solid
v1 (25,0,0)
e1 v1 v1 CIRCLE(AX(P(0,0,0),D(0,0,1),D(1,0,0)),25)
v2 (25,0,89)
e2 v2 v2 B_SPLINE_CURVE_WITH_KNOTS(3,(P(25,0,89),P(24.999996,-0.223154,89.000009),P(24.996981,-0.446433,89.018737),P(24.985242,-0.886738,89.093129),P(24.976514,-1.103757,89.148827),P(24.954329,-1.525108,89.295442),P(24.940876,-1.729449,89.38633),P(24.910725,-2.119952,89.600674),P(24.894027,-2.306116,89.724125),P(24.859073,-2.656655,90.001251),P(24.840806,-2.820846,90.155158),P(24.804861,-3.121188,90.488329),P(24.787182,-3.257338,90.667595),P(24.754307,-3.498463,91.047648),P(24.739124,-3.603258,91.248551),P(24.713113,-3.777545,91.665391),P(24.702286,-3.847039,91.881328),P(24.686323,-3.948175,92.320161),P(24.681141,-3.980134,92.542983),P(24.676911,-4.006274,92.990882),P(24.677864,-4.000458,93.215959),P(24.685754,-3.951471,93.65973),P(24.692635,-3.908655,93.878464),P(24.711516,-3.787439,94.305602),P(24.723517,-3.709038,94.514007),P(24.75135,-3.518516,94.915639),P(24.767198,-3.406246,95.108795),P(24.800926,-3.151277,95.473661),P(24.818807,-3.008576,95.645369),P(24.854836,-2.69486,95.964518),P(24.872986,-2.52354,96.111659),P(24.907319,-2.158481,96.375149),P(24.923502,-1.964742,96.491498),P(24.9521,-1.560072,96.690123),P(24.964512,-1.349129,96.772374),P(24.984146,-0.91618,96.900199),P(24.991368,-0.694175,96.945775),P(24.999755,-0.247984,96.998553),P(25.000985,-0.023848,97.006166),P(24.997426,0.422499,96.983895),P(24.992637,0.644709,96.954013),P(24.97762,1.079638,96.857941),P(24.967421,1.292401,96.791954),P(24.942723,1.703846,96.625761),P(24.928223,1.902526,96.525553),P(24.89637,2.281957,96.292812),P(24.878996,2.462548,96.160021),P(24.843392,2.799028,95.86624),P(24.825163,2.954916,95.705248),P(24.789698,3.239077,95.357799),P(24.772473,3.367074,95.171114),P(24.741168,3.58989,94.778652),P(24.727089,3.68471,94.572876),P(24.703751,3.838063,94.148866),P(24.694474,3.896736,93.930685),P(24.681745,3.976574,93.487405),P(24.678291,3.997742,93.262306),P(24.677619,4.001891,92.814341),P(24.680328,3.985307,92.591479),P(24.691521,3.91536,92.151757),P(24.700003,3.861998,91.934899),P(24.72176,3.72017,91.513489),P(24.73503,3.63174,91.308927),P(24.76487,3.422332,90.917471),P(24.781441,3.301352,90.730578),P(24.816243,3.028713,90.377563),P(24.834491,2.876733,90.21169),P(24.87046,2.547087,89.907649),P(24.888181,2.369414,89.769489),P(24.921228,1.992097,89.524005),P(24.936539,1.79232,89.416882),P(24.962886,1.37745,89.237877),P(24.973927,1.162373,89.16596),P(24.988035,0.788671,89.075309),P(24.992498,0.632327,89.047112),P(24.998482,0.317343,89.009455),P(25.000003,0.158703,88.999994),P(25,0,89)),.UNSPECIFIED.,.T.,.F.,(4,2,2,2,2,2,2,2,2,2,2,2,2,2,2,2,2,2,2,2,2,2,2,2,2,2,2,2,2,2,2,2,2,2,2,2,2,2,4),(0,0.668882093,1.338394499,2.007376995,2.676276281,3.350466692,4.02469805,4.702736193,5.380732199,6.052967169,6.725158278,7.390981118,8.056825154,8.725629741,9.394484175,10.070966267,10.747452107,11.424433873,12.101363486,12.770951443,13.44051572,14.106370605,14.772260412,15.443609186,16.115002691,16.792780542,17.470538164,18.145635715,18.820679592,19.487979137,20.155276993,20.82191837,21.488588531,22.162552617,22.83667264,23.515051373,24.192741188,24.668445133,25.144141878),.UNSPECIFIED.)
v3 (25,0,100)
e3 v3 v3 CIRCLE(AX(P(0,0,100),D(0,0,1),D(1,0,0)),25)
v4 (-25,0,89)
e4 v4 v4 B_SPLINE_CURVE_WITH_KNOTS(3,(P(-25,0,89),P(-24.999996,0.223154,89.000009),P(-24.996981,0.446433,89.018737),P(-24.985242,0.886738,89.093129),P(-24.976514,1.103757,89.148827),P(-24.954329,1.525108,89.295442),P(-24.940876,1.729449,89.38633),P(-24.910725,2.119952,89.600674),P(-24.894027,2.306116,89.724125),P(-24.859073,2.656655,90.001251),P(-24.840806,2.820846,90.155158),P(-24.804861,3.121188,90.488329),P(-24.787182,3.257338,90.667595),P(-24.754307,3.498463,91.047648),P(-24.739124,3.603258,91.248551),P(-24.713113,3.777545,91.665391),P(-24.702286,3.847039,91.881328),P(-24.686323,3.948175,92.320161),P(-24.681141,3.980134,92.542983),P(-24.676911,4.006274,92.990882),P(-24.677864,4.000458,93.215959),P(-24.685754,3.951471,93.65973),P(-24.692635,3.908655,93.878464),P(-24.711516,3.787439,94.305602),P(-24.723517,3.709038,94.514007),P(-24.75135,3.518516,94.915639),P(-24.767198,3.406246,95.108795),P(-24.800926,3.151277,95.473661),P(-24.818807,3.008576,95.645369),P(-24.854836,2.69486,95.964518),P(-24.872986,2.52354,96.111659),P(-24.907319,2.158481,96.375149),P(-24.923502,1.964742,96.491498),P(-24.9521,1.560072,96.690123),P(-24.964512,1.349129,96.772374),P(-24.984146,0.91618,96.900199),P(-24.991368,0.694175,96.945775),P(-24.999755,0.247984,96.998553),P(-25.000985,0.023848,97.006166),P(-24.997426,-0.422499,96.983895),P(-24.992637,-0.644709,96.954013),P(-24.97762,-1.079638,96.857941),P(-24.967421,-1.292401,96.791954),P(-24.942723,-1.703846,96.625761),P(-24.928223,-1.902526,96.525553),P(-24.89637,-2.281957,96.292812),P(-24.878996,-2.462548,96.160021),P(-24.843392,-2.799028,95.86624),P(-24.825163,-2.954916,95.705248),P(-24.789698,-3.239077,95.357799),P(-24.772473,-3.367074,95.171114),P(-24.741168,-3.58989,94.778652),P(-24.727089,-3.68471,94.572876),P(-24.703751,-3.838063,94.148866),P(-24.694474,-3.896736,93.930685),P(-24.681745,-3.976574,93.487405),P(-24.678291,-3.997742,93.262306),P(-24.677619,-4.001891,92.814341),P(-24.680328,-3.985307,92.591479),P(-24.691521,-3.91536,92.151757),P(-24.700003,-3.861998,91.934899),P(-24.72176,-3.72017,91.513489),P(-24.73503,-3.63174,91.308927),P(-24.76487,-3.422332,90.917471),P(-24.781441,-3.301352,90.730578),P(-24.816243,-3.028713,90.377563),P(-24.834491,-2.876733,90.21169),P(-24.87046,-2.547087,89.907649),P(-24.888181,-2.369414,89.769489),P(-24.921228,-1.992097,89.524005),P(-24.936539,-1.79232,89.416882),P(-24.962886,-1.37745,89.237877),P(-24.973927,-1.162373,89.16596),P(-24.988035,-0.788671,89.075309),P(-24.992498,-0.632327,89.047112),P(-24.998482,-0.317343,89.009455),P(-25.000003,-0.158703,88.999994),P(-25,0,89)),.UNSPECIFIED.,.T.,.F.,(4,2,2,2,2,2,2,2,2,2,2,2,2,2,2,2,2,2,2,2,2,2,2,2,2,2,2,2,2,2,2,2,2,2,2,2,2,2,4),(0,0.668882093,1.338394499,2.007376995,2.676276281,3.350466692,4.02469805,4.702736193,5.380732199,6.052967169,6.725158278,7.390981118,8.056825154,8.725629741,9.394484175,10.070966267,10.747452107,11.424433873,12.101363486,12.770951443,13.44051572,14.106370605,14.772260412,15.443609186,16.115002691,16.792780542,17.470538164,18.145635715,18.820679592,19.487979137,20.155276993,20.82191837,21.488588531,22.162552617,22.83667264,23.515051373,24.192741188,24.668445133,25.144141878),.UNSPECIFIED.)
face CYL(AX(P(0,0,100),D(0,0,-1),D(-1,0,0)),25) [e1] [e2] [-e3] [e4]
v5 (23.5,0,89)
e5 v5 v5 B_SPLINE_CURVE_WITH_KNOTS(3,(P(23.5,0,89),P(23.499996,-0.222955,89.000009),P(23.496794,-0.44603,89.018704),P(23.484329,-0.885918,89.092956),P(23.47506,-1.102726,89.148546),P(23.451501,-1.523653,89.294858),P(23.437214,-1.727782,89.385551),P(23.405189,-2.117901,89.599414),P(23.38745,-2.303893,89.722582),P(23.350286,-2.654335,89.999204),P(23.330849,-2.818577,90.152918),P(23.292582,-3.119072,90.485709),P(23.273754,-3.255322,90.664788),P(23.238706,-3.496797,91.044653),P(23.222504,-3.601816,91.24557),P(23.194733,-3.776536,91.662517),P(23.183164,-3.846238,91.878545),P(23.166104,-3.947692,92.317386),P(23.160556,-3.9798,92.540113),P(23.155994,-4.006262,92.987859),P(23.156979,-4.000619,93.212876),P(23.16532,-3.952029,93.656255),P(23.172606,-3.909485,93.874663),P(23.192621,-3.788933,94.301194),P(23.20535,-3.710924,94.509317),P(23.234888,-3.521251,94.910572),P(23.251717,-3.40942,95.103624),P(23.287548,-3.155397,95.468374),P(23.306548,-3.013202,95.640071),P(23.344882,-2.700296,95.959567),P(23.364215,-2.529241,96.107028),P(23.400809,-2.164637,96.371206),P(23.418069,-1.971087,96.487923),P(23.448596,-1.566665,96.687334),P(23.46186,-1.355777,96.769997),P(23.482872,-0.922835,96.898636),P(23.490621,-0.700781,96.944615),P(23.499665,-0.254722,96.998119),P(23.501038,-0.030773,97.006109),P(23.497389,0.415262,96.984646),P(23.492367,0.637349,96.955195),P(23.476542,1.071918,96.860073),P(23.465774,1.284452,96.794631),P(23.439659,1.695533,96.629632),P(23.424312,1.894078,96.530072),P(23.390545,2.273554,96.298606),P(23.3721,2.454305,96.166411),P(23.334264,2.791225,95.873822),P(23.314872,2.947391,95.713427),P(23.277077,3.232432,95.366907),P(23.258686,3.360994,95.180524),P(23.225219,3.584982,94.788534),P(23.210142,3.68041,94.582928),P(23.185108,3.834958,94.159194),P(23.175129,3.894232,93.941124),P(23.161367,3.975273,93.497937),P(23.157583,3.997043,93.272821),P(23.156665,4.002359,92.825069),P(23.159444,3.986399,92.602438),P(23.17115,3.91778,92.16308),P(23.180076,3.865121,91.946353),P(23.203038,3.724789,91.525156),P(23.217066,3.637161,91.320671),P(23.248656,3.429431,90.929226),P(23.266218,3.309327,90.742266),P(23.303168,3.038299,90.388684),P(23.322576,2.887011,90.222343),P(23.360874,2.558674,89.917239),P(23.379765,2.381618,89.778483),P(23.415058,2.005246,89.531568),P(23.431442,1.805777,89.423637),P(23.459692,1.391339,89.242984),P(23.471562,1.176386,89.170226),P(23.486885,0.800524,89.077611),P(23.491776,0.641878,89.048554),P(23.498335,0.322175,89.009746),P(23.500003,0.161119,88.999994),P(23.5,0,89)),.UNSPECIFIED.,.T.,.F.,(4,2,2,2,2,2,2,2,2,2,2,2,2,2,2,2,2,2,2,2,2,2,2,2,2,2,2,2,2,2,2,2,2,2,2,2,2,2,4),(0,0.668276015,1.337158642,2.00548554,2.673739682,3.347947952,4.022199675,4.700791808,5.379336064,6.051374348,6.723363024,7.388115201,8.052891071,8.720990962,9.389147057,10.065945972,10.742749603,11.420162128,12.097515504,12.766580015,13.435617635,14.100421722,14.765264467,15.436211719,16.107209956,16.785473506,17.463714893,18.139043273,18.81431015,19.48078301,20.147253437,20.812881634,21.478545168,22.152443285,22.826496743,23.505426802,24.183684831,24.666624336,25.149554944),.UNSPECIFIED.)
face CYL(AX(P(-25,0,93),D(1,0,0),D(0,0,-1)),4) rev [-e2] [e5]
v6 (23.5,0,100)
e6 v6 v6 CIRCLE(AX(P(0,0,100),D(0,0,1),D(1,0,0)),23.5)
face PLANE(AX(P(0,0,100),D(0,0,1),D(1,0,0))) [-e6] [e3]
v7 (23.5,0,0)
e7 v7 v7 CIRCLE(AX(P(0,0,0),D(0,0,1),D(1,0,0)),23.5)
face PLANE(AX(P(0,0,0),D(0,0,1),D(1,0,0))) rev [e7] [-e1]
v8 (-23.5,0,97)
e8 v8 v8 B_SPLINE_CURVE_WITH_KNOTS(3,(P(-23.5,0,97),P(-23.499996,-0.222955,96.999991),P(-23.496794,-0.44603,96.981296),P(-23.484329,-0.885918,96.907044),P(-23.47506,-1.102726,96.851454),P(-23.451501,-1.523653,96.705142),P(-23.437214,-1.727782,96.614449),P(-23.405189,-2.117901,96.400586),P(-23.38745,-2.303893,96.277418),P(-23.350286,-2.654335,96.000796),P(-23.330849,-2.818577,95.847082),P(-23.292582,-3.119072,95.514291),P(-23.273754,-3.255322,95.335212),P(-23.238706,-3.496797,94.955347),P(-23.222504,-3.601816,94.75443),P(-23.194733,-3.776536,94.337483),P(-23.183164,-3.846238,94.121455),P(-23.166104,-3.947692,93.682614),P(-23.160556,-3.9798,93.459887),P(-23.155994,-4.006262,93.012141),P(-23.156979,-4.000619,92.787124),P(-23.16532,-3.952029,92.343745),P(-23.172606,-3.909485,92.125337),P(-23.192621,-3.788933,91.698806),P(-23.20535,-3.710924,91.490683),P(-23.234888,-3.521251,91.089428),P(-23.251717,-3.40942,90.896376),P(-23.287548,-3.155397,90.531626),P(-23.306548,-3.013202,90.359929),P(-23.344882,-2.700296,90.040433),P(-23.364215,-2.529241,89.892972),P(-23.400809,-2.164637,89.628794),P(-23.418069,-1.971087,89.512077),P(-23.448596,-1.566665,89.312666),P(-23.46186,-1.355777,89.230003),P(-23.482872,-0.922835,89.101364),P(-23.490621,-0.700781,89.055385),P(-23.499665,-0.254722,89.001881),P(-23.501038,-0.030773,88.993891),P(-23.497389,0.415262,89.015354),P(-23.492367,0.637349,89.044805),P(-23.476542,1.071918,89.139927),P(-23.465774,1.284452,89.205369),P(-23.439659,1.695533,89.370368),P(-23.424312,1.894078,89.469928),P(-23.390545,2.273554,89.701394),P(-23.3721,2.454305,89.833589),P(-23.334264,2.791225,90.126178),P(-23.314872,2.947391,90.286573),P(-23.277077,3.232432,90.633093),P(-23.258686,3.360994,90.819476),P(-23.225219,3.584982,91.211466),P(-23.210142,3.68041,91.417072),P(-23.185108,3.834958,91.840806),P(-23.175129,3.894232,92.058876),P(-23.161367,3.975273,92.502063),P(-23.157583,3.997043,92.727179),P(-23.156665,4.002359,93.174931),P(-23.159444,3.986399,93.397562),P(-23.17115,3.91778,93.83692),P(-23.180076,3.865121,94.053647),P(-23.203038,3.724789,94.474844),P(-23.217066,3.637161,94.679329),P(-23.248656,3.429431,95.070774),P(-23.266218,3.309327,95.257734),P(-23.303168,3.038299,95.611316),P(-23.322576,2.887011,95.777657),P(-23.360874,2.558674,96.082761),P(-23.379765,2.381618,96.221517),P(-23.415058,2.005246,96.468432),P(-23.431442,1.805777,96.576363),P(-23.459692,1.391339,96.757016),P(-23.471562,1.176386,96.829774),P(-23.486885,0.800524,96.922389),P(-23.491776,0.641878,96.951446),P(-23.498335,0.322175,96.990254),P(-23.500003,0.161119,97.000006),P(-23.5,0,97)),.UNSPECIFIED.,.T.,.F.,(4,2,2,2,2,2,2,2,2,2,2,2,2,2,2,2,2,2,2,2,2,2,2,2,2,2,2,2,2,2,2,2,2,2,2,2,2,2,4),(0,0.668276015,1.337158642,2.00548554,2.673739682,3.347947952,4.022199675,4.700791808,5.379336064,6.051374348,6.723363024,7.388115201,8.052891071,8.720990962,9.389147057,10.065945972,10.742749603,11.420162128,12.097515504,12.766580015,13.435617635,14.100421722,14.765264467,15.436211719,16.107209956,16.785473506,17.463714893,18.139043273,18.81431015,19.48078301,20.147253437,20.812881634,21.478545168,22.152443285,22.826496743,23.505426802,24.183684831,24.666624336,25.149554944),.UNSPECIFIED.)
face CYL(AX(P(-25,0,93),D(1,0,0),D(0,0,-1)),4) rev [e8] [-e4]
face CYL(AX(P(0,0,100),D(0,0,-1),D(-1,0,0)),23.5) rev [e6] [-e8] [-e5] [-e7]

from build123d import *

# Parameters (mm, degrees)
CROQUIS1_R                 = 25
CROQUIS1_R_2               = 23.5
SALIENTE_EXTRUIR1_DEPTH    = 100
CORTAR_EXTRUIR1_DEPTH      = 107.066017178
CORTAR_EXTRUIR1_DEPTH_BACK = 107.066017178
CROQUIS2_R                 = 4


with BuildPart() as part:
    # Croquis1 → Saliente-Extruir1 (new body)
    with BuildSketch(Plane.XY):
        Circle(CROQUIS1_R)
        Circle(CROQUIS1_R_2, mode=Mode.SUBTRACT)
    extrude(amount=SALIENTE_EXTRUIR1_DEPTH)

    # Croquis2 → Cortar-Extruir1 (cut, two sides: drawn at the far end of the back side and taken through both)
    with BuildSketch(Plane(origin=(0, 0, 0), x_dir=(0, 0, -1), z_dir=(1, 0, 0)).offset(-CORTAR_EXTRUIR1_DEPTH_BACK)):
        with Locations((-93, 0)):
            Circle(CROQUIS2_R)
    extrude(amount=CORTAR_EXTRUIR1_DEPTH + CORTAR_EXTRUIR1_DEPTH_BACK, mode=Mode.SUBTRACT)


solid = part.part
